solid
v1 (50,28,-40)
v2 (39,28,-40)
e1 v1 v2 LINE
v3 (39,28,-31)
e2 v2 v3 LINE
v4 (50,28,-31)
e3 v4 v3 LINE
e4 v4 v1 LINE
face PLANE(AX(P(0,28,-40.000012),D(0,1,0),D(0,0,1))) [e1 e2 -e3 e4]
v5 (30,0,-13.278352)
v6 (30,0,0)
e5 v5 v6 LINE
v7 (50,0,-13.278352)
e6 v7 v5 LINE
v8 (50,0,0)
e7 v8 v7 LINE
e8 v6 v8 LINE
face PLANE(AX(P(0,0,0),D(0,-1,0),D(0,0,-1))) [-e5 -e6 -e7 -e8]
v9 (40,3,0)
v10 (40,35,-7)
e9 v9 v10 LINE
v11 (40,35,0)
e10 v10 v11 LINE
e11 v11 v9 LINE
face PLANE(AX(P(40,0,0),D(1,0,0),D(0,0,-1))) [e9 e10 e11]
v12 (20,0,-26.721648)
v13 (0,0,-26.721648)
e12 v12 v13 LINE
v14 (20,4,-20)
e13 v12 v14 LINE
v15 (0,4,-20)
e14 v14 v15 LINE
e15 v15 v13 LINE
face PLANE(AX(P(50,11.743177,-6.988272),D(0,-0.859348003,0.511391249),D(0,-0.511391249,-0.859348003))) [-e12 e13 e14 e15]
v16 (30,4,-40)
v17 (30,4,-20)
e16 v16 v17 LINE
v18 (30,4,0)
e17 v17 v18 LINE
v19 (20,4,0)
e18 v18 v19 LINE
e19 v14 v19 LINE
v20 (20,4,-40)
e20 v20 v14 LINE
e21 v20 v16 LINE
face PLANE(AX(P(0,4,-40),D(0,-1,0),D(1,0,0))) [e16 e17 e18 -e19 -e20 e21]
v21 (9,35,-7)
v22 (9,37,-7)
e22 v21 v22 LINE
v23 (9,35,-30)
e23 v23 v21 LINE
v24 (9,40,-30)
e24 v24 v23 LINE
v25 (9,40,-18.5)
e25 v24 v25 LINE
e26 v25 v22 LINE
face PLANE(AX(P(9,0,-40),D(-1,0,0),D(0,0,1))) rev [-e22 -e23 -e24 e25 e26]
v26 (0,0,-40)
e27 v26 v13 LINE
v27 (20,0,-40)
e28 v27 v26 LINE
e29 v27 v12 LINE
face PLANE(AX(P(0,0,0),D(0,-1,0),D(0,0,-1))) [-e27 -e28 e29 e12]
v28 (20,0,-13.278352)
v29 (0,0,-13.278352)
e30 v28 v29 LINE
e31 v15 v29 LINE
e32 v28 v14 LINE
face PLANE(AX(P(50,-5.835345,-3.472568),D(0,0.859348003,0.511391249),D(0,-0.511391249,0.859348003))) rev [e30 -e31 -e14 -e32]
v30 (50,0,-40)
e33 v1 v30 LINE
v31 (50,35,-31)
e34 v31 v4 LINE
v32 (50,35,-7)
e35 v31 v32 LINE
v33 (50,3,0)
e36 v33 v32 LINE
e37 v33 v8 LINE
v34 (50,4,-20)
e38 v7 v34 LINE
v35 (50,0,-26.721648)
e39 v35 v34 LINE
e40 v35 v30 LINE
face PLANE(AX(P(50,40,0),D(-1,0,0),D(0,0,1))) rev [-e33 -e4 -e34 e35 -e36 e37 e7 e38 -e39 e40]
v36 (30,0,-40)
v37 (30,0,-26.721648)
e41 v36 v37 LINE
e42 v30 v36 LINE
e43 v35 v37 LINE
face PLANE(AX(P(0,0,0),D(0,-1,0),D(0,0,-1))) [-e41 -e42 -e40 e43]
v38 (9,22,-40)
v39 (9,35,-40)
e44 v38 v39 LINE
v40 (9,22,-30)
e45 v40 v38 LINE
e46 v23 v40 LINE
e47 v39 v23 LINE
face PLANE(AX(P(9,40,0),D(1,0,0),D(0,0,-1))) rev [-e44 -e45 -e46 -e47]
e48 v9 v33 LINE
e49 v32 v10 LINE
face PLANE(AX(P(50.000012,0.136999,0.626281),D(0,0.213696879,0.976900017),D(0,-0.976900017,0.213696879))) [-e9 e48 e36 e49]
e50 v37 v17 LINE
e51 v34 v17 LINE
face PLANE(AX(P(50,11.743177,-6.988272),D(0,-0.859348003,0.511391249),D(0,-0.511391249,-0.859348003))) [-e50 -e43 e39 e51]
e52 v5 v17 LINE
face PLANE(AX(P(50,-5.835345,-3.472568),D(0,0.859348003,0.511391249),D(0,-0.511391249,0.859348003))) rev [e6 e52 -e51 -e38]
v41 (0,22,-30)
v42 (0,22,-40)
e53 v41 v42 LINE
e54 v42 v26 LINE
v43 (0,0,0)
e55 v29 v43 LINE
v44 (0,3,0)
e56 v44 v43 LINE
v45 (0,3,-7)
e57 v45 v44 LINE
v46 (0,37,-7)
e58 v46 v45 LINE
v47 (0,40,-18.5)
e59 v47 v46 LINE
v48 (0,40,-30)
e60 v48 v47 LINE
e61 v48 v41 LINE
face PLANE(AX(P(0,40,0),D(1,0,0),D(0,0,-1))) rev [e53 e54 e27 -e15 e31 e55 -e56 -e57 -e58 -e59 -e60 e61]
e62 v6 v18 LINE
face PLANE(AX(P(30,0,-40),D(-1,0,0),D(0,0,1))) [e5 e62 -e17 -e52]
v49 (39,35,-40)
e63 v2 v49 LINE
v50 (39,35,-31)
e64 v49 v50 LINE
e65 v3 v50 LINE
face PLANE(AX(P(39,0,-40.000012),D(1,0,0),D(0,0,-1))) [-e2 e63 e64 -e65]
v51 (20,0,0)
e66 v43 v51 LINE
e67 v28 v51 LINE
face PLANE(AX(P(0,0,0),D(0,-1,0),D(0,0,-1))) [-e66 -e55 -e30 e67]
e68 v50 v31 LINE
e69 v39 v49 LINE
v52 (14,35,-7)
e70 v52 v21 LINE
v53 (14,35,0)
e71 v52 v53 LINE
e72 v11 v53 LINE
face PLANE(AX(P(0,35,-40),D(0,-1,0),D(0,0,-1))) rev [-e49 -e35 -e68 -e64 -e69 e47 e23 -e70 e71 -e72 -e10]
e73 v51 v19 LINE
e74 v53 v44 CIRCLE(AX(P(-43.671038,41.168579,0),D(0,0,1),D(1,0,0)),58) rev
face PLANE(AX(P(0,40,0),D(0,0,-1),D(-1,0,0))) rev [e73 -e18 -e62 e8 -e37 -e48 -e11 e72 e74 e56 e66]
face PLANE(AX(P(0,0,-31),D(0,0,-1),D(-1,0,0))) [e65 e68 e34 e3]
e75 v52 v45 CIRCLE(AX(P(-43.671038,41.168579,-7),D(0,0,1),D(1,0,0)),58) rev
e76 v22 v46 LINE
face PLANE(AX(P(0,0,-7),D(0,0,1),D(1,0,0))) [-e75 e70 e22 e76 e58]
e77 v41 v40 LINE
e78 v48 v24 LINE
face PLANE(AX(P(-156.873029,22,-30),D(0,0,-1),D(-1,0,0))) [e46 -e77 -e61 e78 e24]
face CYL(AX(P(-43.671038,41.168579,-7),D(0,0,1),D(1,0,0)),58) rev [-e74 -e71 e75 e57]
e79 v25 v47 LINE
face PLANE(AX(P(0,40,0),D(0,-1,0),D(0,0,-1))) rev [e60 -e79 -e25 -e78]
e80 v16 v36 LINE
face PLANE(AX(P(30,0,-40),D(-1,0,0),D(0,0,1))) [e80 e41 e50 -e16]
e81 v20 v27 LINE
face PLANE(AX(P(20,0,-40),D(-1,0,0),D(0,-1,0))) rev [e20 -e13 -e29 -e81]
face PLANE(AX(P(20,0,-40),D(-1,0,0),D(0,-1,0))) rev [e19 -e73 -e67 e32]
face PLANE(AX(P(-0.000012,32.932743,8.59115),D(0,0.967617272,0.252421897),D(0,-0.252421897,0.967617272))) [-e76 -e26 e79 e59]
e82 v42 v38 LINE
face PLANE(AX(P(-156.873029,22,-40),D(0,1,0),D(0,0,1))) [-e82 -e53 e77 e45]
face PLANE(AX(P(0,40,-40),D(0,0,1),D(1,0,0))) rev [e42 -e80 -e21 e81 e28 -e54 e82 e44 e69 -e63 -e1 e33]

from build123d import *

# Parameters (mm, degrees)
SKETCH_1_W               = 50
SKETCH_1_H               = 40
EXTRUDE_1_DEPTH          = 40
CUT_EXTRUDE_1_DEPTH      = 76.498344353
CUT_EXTRUDE_1_DEPTH_BACK = 76.498344353
SKETCH_4_W               = 5
SKETCH_4_H               = 4
CUT_EXTRUDE_3_DEPTH      = 76.498344353
CUT_EXTRUDE_3_DEPTH_BACK = 76.498344353
CUT_EXTRUDE_4_DEPTH      = 76.498344353
CUT_EXTRUDE_4_DEPTH_BACK = 76.498344353
SKETCH_6_W               = 41
SKETCH_6_H               = 5
CUT_EXTRUDE_5_DEPTH      = 76.498344353
CUT_EXTRUDE_5_DEPTH_BACK = 7
CUT_EXTRUDE_6_DEPTH      = 76.498344353
CUT_EXTRUDE_6_DEPTH_BACK = 10
CUT_EXTRUDE_7_DEPTH      = 76.498344353
CUT_EXTRUDE_7_DEPTH_BACK = 9
CUT_EXTRUDE_8_DEPTH      = 76.498344353
CUT_EXTRUDE_8_DEPTH_BACK = 9
CUT_EXTRUDE_9_DEPTH      = 76.498344353
CUT_EXTRUDE_9_DEPTH_BACK = 9
SKETCH_15_W              = 11
SKETCH_15_H              = 7


with BuildPart() as part:
    # Эскиз1 → Бобышка-Вытянуть1 (new body)
    with BuildSketch(Plane(origin=(0, 0, 0), x_dir=(1, 0, 0), z_dir=(0, 1, 0))):
        with Locations((25, 20)):
            Rectangle(SKETCH_1_W, SKETCH_1_H)
    extrude(amount=EXTRUDE_1_DEPTH)

    # Эскиз4 → Вырез-Вытянуть1 (cut, two sides: drawn at the far end of the back side and taken through both)
    with BuildSketch(Plane.XY.offset(-CUT_EXTRUDE_1_DEPTH_BACK)):
        with Locations((22.5, 2)):
            Rectangle(SKETCH_4_W, SKETCH_4_H)
        with Locations((27.5, 2)):
            Rectangle(SKETCH_4_W, SKETCH_4_H)
    extrude(amount=CUT_EXTRUDE_1_DEPTH + CUT_EXTRUDE_1_DEPTH_BACK, mode=Mode.SUBTRACT)

    # Эскиз5 → Вырез-Вытянуть3 (cut, two sides: drawn at the far end of the back side and taken through both)
    with BuildSketch(Plane.ZY.offset(-CUT_EXTRUDE_3_DEPTH_BACK)):
        Polygon((-20, 4), (-26.721648091, 0), (-13.278351909, 0), align=None)
    extrude(amount=CUT_EXTRUDE_3_DEPTH + CUT_EXTRUDE_3_DEPTH_BACK, mode=Mode.SUBTRACT)

    # Эскиз6 → Вырез-Вытянуть4 (cut, two sides: drawn at the far end of the back side and taken through both)
    with BuildSketch(Plane.XY.offset(-CUT_EXTRUDE_4_DEPTH_BACK)):
        with Locations((29.5, 37.5)):
            Rectangle(SKETCH_6_W, SKETCH_6_H)
    extrude(amount=CUT_EXTRUDE_4_DEPTH + CUT_EXTRUDE_4_DEPTH_BACK, mode=Mode.SUBTRACT)

    # Эскиз8 → Вырез-Вытянуть5 (cut, two sides: drawn at the far end of the back side and taken through both)
    with BuildSketch(Plane.XY.offset(-CUT_EXTRUDE_5_DEPTH_BACK)):
        with BuildLine():
            ThreePointArc((0, 3), (9.466087362, 17.921086779), (14, 35))
            Line((14, 35), (9, 35))
            Line((9, 35), (9, 40))
            Line((9, 40), (0, 40))
            Line((0, 40), (0, 3))
        make_face()
    extrude(amount=CUT_EXTRUDE_5_DEPTH + CUT_EXTRUDE_5_DEPTH_BACK, mode=Mode.SUBTRACT)

    # Эскиз9 → Вырез-Вытянуть6 (cut, two sides: drawn at the far end of the back side and taken through both)
    with BuildSketch(Plane(origin=(50, 0, 0), x_dir=(0, 0, -1), z_dir=(1, 0, 0)).offset(-CUT_EXTRUDE_6_DEPTH_BACK)):
        Polygon((0, 35), (0, 3), (7, 35), align=None)
    extrude(amount=CUT_EXTRUDE_6_DEPTH + CUT_EXTRUDE_6_DEPTH_BACK, mode=Mode.SUBTRACT)

    # Эскиз11 → Вырез-Вытянуть7 (cut, two sides: drawn at the far end of the back side and taken through both)
    with BuildSketch(Plane.ZY.offset(-CUT_EXTRUDE_7_DEPTH_BACK)):
        Polygon((-150, 22), (-40, 22), (-30, 22), (-30, 40), (-30, 150), (-190.498184911, 300.467048354), (-310.498184911, 172.467048354), align=None)
    extrude(amount=CUT_EXTRUDE_7_DEPTH + CUT_EXTRUDE_7_DEPTH_BACK, mode=Mode.SUBTRACT)

    # Эскиз14 → Вырез-Вытянуть8 (cut, two sides: drawn at the far end of the back side and taken through both)
    with BuildSketch(Plane.ZY.offset(-CUT_EXTRUDE_8_DEPTH_BACK)):
        Polygon((-7, 40), (-18.5, 40), (-7, 37), align=None)
    extrude(amount=CUT_EXTRUDE_8_DEPTH + CUT_EXTRUDE_8_DEPTH_BACK, mode=Mode.SUBTRACT)

    # Эскиз15 → Вырез-Вытянуть9 (cut, two sides: drawn at the far end of the back side and taken through both)
    with BuildSketch(Plane(origin=(0, 0, -40), x_dir=(-1, 0, 0), z_dir=(0, 0, -1)).offset(-CUT_EXTRUDE_9_DEPTH_BACK)):
        with Locations((-44.5, 31.5)):
            Rectangle(SKETCH_15_W, SKETCH_15_H)
    extrude(amount=CUT_EXTRUDE_9_DEPTH + CUT_EXTRUDE_9_DEPTH_BACK, mode=Mode.SUBTRACT)


solid = part.part
